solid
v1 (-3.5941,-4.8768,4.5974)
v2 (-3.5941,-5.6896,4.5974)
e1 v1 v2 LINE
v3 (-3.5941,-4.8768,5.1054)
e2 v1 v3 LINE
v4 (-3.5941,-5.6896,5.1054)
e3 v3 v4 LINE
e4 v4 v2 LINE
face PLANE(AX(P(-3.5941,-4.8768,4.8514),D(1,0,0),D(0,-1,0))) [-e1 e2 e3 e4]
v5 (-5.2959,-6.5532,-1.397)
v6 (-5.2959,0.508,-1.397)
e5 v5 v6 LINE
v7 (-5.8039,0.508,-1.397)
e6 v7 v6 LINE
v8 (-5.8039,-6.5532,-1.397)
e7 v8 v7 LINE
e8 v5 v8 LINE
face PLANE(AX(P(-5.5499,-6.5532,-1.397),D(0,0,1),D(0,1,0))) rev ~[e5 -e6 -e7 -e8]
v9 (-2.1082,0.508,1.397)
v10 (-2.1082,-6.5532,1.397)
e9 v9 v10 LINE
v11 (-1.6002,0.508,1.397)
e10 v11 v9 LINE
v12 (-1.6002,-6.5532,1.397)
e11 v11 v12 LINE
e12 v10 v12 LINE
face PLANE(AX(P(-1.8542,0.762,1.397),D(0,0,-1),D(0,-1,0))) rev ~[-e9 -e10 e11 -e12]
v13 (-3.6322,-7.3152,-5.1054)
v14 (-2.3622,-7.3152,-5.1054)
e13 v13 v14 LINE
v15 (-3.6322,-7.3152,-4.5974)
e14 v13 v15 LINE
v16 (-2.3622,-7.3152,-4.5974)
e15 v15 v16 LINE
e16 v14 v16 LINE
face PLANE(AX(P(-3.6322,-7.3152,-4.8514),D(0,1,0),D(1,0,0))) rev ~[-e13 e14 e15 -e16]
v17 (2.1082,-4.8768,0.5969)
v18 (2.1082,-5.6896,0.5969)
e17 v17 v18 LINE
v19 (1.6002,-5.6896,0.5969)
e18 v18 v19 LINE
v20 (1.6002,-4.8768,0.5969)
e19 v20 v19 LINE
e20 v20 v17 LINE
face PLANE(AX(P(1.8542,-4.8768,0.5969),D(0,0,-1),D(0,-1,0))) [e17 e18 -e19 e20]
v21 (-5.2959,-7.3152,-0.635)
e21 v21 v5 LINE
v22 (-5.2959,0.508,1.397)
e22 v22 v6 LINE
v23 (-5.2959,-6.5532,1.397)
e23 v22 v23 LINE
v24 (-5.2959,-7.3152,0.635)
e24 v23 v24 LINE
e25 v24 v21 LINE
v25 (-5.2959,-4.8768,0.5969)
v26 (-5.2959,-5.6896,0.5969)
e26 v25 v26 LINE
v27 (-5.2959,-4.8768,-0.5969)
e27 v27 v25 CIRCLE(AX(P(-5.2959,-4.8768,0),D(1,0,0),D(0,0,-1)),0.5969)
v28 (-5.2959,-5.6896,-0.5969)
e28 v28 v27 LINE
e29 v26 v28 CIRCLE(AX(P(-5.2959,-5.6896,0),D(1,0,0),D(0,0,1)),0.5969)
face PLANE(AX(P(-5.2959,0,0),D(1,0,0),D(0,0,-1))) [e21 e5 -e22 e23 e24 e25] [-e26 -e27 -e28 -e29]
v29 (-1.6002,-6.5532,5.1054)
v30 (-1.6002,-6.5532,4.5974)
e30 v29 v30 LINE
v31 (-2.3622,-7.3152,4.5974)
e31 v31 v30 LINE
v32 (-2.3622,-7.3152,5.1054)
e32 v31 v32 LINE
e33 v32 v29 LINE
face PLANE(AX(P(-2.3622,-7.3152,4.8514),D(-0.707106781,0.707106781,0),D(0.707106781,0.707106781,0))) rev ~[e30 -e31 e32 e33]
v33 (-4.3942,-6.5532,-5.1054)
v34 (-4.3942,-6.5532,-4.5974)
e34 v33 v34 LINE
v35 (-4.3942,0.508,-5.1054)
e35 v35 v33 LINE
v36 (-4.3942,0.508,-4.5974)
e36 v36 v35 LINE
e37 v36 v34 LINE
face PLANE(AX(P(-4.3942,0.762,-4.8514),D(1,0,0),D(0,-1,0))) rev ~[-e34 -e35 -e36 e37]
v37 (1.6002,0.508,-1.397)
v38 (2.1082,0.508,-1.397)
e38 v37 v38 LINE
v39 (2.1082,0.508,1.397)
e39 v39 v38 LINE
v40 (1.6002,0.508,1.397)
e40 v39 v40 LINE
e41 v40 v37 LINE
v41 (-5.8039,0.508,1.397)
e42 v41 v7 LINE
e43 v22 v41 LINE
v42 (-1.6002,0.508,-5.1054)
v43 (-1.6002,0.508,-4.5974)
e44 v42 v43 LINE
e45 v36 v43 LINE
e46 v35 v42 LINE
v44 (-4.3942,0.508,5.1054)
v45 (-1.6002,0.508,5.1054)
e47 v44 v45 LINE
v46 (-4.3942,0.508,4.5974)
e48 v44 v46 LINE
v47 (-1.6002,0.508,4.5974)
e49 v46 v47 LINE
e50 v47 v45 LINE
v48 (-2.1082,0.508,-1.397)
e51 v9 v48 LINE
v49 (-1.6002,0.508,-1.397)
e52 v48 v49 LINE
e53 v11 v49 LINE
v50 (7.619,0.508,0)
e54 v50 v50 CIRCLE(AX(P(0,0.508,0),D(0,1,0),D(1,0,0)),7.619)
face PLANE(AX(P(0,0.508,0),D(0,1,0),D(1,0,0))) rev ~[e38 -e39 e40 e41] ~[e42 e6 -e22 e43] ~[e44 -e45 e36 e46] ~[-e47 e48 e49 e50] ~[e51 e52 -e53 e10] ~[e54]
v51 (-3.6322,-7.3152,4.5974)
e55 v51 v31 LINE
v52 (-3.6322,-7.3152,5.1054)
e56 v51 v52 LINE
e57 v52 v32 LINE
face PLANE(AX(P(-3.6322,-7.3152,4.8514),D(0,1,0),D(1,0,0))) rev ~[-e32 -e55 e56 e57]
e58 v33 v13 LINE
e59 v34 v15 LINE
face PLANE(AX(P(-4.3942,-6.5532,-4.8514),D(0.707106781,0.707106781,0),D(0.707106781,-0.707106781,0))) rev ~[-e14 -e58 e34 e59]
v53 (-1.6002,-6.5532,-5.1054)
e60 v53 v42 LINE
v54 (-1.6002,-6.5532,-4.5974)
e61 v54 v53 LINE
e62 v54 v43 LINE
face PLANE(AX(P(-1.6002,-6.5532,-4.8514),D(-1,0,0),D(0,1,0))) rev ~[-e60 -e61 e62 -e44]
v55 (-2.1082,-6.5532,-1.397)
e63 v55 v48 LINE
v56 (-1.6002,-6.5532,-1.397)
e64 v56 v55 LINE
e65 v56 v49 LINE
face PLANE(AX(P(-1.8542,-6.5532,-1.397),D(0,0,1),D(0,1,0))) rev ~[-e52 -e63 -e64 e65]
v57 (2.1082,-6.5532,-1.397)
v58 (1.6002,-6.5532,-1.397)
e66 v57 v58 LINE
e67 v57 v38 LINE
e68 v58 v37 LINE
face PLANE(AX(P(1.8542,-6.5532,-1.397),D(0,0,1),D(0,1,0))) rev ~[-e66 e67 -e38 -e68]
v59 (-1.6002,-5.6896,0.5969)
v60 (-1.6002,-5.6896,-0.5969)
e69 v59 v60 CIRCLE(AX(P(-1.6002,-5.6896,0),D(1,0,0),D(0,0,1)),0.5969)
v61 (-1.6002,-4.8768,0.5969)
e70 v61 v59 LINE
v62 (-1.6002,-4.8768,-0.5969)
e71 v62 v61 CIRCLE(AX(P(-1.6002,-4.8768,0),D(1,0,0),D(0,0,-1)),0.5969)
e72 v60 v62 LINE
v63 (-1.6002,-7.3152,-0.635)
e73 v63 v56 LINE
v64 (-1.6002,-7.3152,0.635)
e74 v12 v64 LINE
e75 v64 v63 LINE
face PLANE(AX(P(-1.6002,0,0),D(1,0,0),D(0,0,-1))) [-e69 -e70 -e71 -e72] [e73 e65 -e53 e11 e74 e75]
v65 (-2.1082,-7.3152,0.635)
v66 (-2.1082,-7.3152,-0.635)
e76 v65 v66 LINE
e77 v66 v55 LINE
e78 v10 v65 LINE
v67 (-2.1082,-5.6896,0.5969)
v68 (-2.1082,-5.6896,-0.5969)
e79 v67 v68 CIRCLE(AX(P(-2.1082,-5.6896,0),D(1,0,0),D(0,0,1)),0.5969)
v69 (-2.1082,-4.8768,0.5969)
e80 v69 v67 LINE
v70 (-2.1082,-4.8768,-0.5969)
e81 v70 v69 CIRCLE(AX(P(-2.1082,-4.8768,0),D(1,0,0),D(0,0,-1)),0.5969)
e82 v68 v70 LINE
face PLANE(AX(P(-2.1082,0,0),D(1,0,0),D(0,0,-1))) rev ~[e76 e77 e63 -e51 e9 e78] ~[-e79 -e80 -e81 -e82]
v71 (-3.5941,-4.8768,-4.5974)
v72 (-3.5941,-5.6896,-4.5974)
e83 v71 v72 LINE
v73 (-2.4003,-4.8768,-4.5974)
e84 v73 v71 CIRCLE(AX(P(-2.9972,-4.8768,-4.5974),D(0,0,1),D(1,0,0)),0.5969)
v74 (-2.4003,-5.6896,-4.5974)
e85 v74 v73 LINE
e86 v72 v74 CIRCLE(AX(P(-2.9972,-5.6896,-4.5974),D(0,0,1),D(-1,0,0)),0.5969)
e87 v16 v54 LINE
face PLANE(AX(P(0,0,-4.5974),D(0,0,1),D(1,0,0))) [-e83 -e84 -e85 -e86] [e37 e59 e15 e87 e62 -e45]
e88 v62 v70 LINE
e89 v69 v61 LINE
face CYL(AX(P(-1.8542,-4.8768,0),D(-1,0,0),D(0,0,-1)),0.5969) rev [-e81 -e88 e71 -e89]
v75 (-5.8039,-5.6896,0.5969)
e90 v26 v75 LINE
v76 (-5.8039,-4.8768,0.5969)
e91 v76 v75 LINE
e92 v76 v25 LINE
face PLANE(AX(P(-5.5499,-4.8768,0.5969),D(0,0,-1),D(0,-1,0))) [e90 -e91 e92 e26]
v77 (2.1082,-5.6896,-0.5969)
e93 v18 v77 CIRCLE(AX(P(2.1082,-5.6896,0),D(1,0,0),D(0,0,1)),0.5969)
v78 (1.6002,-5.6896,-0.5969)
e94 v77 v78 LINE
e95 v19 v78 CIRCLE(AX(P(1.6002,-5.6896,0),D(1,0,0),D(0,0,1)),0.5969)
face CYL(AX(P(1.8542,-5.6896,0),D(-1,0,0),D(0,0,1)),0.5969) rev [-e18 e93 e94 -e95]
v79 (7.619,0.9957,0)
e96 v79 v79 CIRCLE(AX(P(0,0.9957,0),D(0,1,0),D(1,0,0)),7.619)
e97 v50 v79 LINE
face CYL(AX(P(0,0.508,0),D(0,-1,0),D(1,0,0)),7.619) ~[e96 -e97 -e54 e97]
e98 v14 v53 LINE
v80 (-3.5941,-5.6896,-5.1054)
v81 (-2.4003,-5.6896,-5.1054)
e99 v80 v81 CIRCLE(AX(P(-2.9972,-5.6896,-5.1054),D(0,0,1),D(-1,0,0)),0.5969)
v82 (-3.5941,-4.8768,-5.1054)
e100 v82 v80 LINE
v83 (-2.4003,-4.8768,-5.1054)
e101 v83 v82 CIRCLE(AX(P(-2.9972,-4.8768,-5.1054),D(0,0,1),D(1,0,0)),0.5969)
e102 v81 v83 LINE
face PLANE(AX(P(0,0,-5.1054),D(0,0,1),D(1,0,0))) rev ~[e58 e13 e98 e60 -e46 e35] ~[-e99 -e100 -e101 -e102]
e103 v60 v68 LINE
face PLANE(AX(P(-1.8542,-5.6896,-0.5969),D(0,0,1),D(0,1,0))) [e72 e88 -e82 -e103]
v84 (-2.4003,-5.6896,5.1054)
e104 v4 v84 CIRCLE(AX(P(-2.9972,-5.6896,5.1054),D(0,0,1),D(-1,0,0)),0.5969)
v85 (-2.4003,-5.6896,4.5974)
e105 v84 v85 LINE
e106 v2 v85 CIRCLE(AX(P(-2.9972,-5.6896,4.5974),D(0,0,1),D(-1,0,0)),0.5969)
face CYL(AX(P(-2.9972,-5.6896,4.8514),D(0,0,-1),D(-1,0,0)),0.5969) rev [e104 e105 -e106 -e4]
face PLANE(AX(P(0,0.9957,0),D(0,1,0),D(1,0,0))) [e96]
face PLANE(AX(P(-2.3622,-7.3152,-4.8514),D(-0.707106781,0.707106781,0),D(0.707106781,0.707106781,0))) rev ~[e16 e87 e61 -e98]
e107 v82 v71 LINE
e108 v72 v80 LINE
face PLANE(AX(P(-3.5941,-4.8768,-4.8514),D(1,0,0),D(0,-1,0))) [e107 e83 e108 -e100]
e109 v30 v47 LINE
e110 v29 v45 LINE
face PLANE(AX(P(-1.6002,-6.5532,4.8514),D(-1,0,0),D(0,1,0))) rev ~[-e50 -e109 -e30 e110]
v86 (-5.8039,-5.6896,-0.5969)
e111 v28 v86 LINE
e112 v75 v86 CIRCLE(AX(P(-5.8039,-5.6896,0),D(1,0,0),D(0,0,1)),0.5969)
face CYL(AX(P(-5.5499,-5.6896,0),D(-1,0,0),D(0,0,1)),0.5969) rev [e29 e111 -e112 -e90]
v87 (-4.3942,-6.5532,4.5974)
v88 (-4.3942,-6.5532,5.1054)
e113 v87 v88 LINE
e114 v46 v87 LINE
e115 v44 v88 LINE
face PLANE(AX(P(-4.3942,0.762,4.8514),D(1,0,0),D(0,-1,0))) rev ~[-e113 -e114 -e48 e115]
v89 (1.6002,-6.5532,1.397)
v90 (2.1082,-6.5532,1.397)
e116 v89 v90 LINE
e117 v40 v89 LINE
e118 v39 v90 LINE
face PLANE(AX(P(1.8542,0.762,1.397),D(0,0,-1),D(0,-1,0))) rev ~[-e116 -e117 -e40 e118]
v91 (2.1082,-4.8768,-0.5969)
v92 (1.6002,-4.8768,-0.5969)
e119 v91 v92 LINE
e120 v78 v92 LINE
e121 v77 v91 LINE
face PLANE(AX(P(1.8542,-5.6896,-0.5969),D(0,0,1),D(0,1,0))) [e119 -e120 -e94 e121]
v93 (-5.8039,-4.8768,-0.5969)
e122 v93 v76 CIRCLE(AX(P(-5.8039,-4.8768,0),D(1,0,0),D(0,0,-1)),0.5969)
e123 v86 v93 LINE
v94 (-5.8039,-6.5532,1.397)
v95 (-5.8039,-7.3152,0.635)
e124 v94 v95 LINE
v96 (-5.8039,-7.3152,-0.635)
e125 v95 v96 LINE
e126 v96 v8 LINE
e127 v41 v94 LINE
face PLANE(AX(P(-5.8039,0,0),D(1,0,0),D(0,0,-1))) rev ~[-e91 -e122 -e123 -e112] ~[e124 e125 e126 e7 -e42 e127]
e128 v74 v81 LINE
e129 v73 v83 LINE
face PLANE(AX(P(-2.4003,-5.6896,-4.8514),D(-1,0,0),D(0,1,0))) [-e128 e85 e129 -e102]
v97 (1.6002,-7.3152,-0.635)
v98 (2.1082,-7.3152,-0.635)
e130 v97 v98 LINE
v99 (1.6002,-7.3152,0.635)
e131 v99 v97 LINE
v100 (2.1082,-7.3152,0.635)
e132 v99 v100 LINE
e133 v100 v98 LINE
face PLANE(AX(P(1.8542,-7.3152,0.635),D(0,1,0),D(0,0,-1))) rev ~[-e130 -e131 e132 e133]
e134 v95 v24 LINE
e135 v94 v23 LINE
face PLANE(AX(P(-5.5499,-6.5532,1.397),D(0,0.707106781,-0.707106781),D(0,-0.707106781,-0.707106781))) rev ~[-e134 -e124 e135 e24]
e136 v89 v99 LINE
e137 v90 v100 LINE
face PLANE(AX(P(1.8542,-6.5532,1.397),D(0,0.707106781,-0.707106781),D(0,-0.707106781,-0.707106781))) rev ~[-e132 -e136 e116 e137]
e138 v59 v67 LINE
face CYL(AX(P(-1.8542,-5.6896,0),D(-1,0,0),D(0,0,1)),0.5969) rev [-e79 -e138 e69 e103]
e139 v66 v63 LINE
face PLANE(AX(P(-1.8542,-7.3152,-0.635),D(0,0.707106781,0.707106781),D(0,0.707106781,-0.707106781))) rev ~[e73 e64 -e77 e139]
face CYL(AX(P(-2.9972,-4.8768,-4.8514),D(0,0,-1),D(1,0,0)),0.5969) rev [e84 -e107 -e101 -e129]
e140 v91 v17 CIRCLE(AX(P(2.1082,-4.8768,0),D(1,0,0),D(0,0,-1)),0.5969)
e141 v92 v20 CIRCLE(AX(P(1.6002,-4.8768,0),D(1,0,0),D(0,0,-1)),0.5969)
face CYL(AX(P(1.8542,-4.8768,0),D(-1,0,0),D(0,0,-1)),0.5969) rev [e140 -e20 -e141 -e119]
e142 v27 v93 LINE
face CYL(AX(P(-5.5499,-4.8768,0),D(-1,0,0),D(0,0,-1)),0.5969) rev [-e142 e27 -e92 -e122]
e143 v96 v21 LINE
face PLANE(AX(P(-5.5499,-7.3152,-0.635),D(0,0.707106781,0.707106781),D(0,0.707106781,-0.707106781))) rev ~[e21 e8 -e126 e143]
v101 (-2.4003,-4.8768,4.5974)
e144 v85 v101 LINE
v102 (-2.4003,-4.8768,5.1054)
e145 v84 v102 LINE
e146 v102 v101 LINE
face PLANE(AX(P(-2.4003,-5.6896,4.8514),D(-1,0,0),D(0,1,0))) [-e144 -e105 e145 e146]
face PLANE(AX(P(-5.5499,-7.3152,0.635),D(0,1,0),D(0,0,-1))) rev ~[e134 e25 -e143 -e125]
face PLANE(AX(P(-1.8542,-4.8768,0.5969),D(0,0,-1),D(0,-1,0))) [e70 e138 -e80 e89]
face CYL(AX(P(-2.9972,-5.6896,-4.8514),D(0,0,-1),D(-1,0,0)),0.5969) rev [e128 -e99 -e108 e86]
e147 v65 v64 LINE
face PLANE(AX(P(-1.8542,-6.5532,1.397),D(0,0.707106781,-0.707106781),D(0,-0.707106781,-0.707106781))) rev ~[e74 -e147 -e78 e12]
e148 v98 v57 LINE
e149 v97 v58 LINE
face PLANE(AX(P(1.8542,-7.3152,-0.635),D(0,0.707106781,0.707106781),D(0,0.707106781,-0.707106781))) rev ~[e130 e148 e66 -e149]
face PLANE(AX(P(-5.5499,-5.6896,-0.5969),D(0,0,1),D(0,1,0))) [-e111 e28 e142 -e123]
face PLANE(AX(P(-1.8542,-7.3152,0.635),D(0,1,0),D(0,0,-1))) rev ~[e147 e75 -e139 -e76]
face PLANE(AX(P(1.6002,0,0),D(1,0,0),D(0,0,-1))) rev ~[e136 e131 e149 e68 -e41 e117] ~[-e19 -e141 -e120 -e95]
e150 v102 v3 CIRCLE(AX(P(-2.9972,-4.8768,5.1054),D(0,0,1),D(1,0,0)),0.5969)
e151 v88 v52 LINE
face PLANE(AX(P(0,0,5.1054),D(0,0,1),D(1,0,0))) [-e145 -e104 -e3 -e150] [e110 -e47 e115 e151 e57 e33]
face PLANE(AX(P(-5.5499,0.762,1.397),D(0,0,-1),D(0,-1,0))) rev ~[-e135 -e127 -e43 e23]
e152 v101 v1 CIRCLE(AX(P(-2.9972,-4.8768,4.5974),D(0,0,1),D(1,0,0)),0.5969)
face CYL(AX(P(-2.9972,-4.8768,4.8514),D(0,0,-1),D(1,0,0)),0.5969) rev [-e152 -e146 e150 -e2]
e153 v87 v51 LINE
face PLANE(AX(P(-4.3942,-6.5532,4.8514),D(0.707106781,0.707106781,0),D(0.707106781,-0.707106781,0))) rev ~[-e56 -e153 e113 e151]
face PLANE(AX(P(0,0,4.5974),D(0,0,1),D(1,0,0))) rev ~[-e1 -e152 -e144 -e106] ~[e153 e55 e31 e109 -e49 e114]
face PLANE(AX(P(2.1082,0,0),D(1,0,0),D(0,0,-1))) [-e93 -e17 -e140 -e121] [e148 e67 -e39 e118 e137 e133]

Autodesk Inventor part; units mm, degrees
sketch "Sketch_1" plane through (0, 0.508, 0) normal (0, 1, 0) x (1, 0, 0)
  circle A0 centre (0, 0) radius 7.619
extrude "Extrusion1" add sketch "Sketch_1" along normal blind 0.4877
sketch "Sketch_8" plane through (1.8542, 0, 0) normal (1, 0, 0) x (0, 0, -1)
  line L0 (-1.397, -6.5532) -> (-0.635, -7.3152)
  line L1 (-0.635, -7.3152) -> (0.635, -7.3152)
  line L2 (0.635, -7.3152) -> (1.397, -6.5532)
  line L3 (1.397, -6.5532) -> (1.397, 0.762)
  line L4 (1.397, 0.762) -> (-1.397, 0.762)
  line L5 (-1.397, 0.762) -> (-1.397, -6.5532)
  line L6 (-0.5969, -4.8768) -> (-0.5969, -5.6896)
  arc A0 (-0.5969, -5.6896) -> (0.5969, -5.6896) centre (0, -5.6896) ccw
  line L7 (0.5969, -5.6896) -> (0.5969, -4.8768)
  arc A1 (0.5969, -4.8768) -> (-0.5969, -4.8768) centre (0, -4.8768) ccw
extrude "Extrusion2" add sketch "Sketch_8" along normal mid plane 0.508
sketch "Sketch_7" plane through (-1.8542, 0, 0) normal (1, 0, 0) x (0, 0, -1)
  line L0 (-1.397, -6.5532) -> (-0.635, -7.3152)
  line L1 (-0.635, -7.3152) -> (0.635, -7.3152)
  line L2 (0.635, -7.3152) -> (1.397, -6.5532)
  line L3 (1.397, -6.5532) -> (1.397, 0.762)
  line L4 (1.397, 0.762) -> (-1.397, 0.762)
  line L5 (-1.397, 0.762) -> (-1.397, -6.5532)
  line L6 (-0.5969, -4.8768) -> (-0.5969, -5.6896)
  arc A0 (-0.5969, -5.6896) -> (0.5969, -5.6896) centre (0, -5.6896) ccw
  line L7 (0.5969, -5.6896) -> (0.5969, -4.8768)
  arc A1 (0.5969, -4.8768) -> (-0.5969, -4.8768) centre (0, -4.8768) ccw
extrude "Extrusion3" add sketch "Sketch_7" along normal mid plane 0.508
sketch "Sketch_9" plane through (-5.5499, 0, 0) normal (1, 0, 0) x (0, 0, -1)
  line L0 (-1.397, -6.5532) -> (-0.635, -7.3152)
  line L1 (-0.635, -7.3152) -> (0.635, -7.3152)
  line L2 (0.635, -7.3152) -> (1.397, -6.5532)
  line L3 (1.397, -6.5532) -> (1.397, 0.762)
  line L4 (1.397, 0.762) -> (-1.397, 0.762)
  line L5 (-1.397, 0.762) -> (-1.397, -6.5532)
  line L6 (-0.5969, -4.8768) -> (-0.5969, -5.6896)
  arc A0 (-0.5969, -5.6896) -> (0.5969, -5.6896) centre (0, -5.6896) ccw
  line L7 (0.5969, -5.6896) -> (0.5969, -4.8768)
  arc A1 (0.5969, -4.8768) -> (-0.5969, -4.8768) centre (0, -4.8768) ccw
extrude "Extrusion4" add sketch "Sketch_9" along normal mid plane 0.508
sketch "Sketch_2" plane through (0, 0, 4.8514) normal (0, 0, 1) x (1, 0, 0)
  line L0 (-4.3942, -6.5532) -> (-3.6322, -7.3152)
  line L1 (-3.6322, -7.3152) -> (-2.3622, -7.3152)
  line L2 (-2.3622, -7.3152) -> (-1.6002, -6.5532)
  line L3 (-1.6002, -6.5532) -> (-1.6002, 0.762)
  line L4 (-1.6002, 0.762) -> (-4.3942, 0.762)
  line L5 (-4.3942, 0.762) -> (-4.3942, -6.5532)
  line L6 (-3.5941, -4.8768) -> (-3.5941, -5.6896)
  arc A0 (-3.5941, -5.6896) -> (-2.4003, -5.6896) centre (-2.9972, -5.6896) ccw
  line L7 (-2.4003, -5.6896) -> (-2.4003, -4.8768)
  arc A1 (-2.4003, -4.8768) -> (-3.5941, -4.8768) centre (-2.9972, -4.8768) ccw
extrude "Extrusion5" add sketch "Sketch_2" along normal mid plane 0.508
sketch "Sketch_11" plane through (0, 0, -4.8514) normal (0, 0, 1) x (1, 0, 0)
  line L0 (-4.3942, -6.5532) -> (-3.6322, -7.3152)
  line L1 (-3.6322, -7.3152) -> (-2.3622, -7.3152)
  line L2 (-2.3622, -7.3152) -> (-1.6002, -6.5532)
  line L3 (-1.6002, -6.5532) -> (-1.6002, 0.762)
  line L4 (-1.6002, 0.762) -> (-4.3942, 0.762)
  line L5 (-4.3942, 0.762) -> (-4.3942, -6.5532)
  line L6 (-3.5941, -4.8768) -> (-3.5941, -5.6896)
  arc A0 (-3.5941, -5.6896) -> (-2.4003, -5.6896) centre (-2.9972, -5.6896) ccw
  line L7 (-2.4003, -5.6896) -> (-2.4003, -4.8768)
  arc A1 (-2.4003, -4.8768) -> (-3.5941, -4.8768) centre (-2.9972, -4.8768) ccw
extrude "Extrusion6" add sketch "Sketch_11" along normal mid plane 0.508
ref_plane "terminal_to_body_XY" through (0, 16.9926, 0) normal (0, 1, 0) x (1, 0, 0)
ref_plane "terminal_to_body_YZ" through (0, 16.9926, 0) normal (1, 0, 0) x (0, 0, -1)
ref_plane "terminal_to_body_ZX" through (0, 16.9926, 0) normal (0, 0, -1) x (0, 1, 0)
properties part number "YB16SKW01-05-BBterminal"
